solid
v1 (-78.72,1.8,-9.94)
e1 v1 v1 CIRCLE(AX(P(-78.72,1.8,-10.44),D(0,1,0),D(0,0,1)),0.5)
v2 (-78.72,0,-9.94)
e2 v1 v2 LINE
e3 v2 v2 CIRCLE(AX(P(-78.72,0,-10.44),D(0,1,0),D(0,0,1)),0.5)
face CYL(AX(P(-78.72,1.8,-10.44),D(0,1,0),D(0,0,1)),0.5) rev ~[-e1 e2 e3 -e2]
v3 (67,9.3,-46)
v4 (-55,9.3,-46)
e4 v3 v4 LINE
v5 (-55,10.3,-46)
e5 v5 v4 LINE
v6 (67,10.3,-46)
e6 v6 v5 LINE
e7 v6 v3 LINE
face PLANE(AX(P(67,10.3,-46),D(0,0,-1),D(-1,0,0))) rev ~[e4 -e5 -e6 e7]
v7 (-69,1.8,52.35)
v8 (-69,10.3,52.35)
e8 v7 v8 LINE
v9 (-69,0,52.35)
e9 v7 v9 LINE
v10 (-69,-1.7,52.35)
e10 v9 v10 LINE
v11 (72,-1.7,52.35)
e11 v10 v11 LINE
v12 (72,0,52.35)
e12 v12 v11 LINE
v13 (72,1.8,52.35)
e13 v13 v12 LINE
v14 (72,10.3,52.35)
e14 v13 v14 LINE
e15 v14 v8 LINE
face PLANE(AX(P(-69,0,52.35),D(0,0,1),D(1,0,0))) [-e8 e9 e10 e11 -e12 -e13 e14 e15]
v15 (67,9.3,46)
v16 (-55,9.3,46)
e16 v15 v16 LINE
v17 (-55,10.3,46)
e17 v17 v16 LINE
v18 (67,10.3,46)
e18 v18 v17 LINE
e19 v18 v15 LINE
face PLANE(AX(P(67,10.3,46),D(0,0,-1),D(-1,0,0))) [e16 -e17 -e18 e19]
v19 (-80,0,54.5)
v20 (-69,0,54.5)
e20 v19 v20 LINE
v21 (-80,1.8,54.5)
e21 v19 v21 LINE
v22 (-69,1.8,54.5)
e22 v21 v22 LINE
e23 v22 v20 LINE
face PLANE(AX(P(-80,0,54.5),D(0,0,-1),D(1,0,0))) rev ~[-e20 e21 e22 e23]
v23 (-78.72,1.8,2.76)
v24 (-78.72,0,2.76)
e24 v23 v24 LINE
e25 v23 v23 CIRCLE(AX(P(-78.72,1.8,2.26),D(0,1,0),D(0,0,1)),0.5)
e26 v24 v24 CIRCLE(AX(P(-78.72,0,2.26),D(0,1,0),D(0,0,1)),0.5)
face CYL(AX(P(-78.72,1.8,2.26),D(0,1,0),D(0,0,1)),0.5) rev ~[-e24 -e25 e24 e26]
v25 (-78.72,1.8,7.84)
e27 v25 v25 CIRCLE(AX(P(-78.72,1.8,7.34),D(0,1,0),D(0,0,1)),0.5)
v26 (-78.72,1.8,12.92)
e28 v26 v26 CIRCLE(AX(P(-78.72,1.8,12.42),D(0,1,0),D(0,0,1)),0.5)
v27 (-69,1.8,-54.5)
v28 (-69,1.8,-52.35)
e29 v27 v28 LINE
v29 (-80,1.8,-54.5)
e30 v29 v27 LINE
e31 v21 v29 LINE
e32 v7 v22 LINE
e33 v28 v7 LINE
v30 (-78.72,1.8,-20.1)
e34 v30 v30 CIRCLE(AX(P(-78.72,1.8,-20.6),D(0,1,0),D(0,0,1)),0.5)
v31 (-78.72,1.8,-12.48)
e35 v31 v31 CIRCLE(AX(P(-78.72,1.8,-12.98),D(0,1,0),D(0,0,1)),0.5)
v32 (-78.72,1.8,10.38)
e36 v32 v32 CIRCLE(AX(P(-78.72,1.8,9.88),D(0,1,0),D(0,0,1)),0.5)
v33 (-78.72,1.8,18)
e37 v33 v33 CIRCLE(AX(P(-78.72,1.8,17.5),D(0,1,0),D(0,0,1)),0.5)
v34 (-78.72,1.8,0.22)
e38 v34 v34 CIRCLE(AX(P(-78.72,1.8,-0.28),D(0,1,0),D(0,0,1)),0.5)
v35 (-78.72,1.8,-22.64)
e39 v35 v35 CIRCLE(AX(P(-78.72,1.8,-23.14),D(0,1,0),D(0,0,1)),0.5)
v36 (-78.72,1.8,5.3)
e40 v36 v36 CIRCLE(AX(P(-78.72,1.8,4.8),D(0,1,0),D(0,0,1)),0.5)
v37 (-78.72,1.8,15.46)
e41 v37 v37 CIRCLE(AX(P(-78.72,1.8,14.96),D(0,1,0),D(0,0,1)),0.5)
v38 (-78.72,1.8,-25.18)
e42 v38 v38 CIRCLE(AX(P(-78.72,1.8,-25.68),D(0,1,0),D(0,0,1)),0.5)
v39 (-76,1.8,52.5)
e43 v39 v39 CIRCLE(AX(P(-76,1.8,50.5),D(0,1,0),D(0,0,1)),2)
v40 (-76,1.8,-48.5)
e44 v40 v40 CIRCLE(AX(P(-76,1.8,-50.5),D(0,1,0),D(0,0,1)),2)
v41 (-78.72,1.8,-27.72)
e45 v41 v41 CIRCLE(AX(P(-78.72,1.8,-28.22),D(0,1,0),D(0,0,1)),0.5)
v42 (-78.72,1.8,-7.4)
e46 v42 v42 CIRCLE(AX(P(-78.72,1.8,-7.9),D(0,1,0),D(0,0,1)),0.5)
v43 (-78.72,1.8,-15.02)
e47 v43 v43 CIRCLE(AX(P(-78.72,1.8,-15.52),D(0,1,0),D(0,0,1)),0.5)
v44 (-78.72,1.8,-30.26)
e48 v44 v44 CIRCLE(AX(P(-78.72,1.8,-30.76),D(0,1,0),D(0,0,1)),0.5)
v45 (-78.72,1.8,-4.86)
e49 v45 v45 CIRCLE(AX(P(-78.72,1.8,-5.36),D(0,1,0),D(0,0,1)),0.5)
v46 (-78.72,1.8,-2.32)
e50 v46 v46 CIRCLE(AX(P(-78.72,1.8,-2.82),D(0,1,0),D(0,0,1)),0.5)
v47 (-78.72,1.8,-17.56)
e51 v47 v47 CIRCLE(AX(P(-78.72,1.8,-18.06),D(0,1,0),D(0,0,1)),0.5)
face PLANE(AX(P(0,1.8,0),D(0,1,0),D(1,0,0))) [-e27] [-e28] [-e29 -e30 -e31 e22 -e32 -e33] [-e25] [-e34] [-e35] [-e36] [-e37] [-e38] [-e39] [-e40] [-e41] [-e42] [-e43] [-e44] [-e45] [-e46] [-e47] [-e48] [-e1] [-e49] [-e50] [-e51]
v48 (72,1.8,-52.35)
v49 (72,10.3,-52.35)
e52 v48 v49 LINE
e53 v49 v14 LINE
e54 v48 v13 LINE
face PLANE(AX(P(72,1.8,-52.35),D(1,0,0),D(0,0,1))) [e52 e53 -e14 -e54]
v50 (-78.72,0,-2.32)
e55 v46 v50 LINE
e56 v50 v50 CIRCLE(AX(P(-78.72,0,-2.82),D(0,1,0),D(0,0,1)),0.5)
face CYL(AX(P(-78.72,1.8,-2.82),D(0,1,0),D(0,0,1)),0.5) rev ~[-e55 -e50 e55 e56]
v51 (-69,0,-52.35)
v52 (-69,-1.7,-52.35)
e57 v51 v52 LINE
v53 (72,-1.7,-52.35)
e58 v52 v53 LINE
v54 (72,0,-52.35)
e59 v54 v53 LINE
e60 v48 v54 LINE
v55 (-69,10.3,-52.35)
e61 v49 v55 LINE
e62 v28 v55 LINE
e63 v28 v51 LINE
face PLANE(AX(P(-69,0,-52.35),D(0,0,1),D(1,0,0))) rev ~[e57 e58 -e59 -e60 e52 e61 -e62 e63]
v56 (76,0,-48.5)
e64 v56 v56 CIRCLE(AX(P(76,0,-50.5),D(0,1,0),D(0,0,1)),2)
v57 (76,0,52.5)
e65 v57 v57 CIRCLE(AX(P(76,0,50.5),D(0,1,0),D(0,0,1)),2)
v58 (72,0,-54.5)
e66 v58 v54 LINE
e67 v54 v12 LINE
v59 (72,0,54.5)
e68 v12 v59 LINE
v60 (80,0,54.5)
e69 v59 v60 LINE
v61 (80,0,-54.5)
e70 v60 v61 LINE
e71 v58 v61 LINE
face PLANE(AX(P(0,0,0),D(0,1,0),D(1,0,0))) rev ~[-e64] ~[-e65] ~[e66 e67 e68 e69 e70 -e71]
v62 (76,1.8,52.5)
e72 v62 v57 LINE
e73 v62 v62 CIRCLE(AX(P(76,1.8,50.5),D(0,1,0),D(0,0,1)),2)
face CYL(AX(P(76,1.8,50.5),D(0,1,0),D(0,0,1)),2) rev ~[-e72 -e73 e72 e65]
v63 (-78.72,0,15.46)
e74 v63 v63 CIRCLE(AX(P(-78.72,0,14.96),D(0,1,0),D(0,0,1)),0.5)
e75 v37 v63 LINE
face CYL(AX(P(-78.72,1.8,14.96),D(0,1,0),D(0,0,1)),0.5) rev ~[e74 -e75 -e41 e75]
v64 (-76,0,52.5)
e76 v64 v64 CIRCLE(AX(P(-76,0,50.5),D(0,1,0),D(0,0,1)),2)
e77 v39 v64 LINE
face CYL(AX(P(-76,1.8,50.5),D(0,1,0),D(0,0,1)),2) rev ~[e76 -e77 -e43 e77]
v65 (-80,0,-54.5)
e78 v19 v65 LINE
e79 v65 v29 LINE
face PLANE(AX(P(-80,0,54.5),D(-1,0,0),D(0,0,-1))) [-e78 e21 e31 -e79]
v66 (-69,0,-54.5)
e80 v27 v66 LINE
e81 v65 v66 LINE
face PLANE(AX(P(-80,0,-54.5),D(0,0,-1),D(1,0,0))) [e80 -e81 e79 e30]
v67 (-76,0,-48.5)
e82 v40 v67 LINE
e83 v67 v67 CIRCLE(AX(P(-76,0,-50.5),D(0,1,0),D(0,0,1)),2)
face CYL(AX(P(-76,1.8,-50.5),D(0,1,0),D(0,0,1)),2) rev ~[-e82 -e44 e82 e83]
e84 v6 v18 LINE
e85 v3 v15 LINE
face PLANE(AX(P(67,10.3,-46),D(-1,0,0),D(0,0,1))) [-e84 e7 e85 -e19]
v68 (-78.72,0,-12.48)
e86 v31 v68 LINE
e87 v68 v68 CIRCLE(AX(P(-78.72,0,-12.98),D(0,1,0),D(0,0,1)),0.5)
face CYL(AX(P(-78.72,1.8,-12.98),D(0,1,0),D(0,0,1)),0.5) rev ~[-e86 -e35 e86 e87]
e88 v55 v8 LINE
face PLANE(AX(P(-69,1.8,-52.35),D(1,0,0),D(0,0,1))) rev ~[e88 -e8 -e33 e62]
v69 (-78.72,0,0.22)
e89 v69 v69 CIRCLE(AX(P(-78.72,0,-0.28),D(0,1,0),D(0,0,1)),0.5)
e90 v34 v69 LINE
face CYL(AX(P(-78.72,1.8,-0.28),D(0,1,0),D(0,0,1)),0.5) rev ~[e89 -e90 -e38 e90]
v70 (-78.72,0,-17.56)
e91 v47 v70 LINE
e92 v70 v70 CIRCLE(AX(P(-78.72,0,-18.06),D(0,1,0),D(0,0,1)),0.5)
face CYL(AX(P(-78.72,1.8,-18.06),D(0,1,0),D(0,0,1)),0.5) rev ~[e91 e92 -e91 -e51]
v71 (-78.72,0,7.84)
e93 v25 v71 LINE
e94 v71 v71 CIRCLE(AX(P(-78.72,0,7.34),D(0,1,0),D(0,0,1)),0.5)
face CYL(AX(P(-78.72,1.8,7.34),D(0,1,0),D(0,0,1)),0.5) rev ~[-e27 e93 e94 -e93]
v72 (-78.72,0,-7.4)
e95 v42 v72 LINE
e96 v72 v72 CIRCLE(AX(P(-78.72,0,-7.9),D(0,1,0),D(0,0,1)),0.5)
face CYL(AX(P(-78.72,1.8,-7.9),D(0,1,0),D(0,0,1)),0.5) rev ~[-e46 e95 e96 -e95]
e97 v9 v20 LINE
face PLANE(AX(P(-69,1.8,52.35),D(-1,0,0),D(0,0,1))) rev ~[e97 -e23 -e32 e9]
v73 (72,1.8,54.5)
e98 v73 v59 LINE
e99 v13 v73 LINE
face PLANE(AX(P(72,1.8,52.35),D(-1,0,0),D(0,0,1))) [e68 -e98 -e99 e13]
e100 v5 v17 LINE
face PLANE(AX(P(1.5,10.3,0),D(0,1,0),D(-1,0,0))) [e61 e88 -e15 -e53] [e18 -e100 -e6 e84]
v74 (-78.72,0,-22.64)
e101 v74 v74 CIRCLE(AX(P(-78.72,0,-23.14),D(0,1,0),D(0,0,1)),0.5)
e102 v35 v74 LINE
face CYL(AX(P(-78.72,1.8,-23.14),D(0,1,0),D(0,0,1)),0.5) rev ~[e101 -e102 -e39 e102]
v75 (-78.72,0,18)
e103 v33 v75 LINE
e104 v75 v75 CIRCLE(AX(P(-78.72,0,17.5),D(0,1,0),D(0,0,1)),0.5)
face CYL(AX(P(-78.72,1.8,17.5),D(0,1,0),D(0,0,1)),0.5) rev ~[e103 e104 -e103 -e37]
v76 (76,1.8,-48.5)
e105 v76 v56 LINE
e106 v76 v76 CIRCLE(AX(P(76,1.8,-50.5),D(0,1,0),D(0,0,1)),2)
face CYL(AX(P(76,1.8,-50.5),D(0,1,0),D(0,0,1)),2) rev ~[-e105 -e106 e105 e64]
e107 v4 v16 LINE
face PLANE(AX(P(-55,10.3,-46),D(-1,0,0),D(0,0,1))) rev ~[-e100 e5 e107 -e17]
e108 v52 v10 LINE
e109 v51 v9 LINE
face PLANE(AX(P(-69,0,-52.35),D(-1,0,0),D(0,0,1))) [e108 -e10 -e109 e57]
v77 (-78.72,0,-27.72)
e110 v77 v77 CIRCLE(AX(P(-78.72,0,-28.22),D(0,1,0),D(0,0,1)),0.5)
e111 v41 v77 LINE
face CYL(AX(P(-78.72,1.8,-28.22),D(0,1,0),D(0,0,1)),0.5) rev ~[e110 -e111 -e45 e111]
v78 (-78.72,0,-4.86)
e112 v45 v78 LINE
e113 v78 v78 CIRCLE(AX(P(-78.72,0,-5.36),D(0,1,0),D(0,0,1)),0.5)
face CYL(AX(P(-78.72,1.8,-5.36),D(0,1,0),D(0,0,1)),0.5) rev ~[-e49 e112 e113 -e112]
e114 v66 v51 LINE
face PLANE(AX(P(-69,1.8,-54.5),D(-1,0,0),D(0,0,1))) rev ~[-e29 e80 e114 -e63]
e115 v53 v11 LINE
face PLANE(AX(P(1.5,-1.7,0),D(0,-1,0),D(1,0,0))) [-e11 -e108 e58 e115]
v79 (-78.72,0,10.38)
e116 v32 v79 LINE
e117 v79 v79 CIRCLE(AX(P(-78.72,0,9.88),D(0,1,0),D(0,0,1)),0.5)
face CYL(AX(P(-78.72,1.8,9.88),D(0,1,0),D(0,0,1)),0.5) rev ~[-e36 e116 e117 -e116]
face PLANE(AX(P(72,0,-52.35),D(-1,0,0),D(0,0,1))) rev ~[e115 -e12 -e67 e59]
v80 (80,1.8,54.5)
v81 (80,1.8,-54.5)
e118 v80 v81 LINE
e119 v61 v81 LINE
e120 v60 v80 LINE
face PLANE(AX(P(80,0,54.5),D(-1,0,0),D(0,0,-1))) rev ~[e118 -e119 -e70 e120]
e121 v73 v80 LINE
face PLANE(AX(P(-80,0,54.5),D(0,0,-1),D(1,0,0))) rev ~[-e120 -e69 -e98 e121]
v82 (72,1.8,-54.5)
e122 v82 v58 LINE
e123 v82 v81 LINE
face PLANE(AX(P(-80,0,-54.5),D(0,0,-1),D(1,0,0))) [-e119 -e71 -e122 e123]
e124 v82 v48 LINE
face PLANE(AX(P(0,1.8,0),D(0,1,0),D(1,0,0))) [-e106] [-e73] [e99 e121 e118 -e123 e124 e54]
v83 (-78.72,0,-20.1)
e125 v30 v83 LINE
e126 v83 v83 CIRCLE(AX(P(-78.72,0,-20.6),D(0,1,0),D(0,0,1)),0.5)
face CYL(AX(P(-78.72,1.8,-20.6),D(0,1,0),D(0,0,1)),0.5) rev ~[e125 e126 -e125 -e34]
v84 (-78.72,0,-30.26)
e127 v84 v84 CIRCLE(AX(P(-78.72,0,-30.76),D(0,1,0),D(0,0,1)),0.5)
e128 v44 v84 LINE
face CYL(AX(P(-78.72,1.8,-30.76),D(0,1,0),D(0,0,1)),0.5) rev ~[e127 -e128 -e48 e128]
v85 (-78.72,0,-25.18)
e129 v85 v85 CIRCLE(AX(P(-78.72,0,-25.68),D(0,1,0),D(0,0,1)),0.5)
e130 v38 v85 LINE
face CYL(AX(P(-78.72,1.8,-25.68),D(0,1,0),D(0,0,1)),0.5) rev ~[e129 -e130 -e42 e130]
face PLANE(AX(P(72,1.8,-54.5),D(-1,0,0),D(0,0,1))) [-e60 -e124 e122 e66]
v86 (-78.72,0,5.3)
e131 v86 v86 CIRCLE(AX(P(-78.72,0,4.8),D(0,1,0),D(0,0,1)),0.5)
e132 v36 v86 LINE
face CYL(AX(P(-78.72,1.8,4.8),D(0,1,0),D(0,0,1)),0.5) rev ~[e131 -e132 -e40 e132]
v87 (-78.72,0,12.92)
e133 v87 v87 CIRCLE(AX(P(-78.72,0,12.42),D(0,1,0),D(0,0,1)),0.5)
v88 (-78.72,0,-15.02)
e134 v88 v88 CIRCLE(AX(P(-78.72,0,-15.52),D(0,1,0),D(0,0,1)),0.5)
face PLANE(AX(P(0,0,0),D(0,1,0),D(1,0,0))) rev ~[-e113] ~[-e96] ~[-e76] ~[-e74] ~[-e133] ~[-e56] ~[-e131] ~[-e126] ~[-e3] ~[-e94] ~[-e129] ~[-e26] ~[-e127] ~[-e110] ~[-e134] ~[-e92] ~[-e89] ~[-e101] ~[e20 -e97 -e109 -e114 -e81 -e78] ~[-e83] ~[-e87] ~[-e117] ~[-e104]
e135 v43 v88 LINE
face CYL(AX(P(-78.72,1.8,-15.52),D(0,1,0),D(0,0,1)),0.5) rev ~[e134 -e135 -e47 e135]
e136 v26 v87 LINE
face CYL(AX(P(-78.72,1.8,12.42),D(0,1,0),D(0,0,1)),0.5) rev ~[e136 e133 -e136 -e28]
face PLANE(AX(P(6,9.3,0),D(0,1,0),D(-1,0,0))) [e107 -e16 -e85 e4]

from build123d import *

# Parameters (mm, degrees)
SKETCH_1_W          = 160
SKETCH_1_H          = 109
EXTRUDE_1_DEPTH     = 1.8
SKETCH_2_R          = 2
CUT_EXTRUDE_1_DEPTH = 97.816785735
SKETCH_3_W          = 141
SKETCH_3_H          = 2.15
CUT_EXTRUDE_3_DEPTH = 97.816785735
SKETCH_4_W          = 141
SKETCH_4_H          = 104.7
EXTRUDE_2_DEPTH     = 8.5
SKETCH_5_W          = 122
SKETCH_5_H          = 92
CUT_EXTRUDE_4_DEPTH = 1
SKETCH_6_R          = 0.5
CUT_EXTRUDE_5_DEPTH = 98.172526982
SKETCH_7_W          = 141
SKETCH_7_H          = 104.7
EXTRUDE_3_DEPTH     = 1.7


with BuildPart() as part:
    # 草图1 → 拉伸1 (new body)
    with BuildSketch(Plane(origin=(0, 0, 0), x_dir=(1, 0, 0), z_dir=(0, 1, 0))):
        Rectangle(SKETCH_1_W, SKETCH_1_H)
    extrude(amount=EXTRUDE_1_DEPTH)

    # 草图2 → 切除-拉伸1 (cut, through all)
    with BuildSketch(Plane(origin=(0, 1.8, 0), x_dir=(-1, 0, 0), z_dir=(0, 1, 0))):
        with Locations(Location((-76, -50.5, 0), (0, 0, 90))):
            Circle(SKETCH_2_R)
        with Locations(Location((-76, 50.5, 0), (0, 0, 90))):
            Circle(SKETCH_2_R)
        with Locations(Location((76, 50.5, 0), (0, 0, 90))):
            Circle(SKETCH_2_R)
        with Locations(Location((76, -50.5, 0), (0, 0, 90))):
            Circle(SKETCH_2_R)
    extrude(amount=-CUT_EXTRUDE_1_DEPTH, mode=Mode.SUBTRACT)

    # 草图3 → 切除-拉伸3 (cut, through all)
    with BuildSketch(Plane(origin=(0, 1.8, 0), x_dir=(-1, 0, 0), z_dir=(0, 1, 0))):
        with Locations((-1.5, -53.425)):
            Rectangle(SKETCH_3_W, SKETCH_3_H)
        with Locations((-1.5, 53.425)):
            Rectangle(SKETCH_3_W, SKETCH_3_H)
    extrude(amount=-CUT_EXTRUDE_3_DEPTH, mode=Mode.SUBTRACT)

    # 草图4 → 拉伸2 (add)
    with BuildSketch(Plane(origin=(0, 1.8, 0), x_dir=(-1, 0, 0), z_dir=(0, 1, 0))):
        with Locations((-1.5, 0)):
            Rectangle(SKETCH_4_W, SKETCH_4_H)
    extrude(amount=EXTRUDE_2_DEPTH)

    # 草图5 → 切除-拉伸4 (cut)
    with BuildSketch(Plane(origin=(0, 10.3, 0), x_dir=(-1, 0, 0), z_dir=(0, 1, 0))):
        with Locations((-6, 0)):
            Rectangle(SKETCH_5_W, SKETCH_5_H)
    extrude(amount=-CUT_EXTRUDE_4_DEPTH, mode=Mode.SUBTRACT)

    # 草图6 → 切除-拉伸5 (cut, through all)
    with BuildSketch(Plane(origin=(0, 1.8, 0), x_dir=(-1, 0, 0), z_dir=(0, 1, 0))):
        with Locations(Location((78.72, 17.5, 0), (0, 0, 90))):
            Circle(SKETCH_6_R)
        with Locations(Location((78.72, 14.96, 0), (0, 0, 90))):
            Circle(SKETCH_6_R)
        with Locations(Location((78.72, 12.42, 0), (0, 0, 90))):
            Circle(SKETCH_6_R)
        with Locations(Location((78.72, 9.88, 0), (0, 0, 90))):
            Circle(SKETCH_6_R)
        with Locations(Location((78.72, 7.34, 0), (0, 0, 90))):
            Circle(SKETCH_6_R)
        with Locations(Location((78.72, 4.8, 0), (0, 0, 90))):
            Circle(SKETCH_6_R)
        with Locations(Location((78.72, 2.26, 0), (0, 0, 90))):
            Circle(SKETCH_6_R)
        with Locations(Location((78.72, -0.28, 0), (0, 0, 90))):
            Circle(SKETCH_6_R)
        with Locations(Location((78.72, -2.82, 0), (0, 0, 90))):
            Circle(SKETCH_6_R)
        with Locations(Location((78.72, -5.36, 0), (0, 0, 90))):
            Circle(SKETCH_6_R)
        with Locations(Location((78.72, -7.9, 0), (0, 0, 90))):
            Circle(SKETCH_6_R)
        with Locations(Location((78.72, -10.44, 0), (0, 0, 90))):
            Circle(SKETCH_6_R)
        with Locations(Location((78.72, -12.98, 0), (0, 0, 90))):
            Circle(SKETCH_6_R)
        with Locations(Location((78.72, -15.52, 0), (0, 0, 90))):
            Circle(SKETCH_6_R)
        with Locations(Location((78.72, -18.06, 0), (0, 0, 90))):
            Circle(SKETCH_6_R)
        with Locations(Location((78.72, -20.6, 0), (0, 0, 90))):
            Circle(SKETCH_6_R)
        with Locations(Location((78.72, -23.14, 0), (0, 0, 90))):
            Circle(SKETCH_6_R)
        with Locations(Location((78.72, -25.68, 0), (0, 0, 90))):
            Circle(SKETCH_6_R)
        with Locations(Location((78.72, -28.22, 0), (0, 0, 90))):
            Circle(SKETCH_6_R)
        with Locations(Location((78.72, -30.76, 0), (0, 0, 90))):
            Circle(SKETCH_6_R)
    extrude(amount=-CUT_EXTRUDE_5_DEPTH, mode=Mode.SUBTRACT)

    # 草图7 → 拉伸3 (add)
    with BuildSketch(Plane.XZ):
        with Locations((1.5, 0)):
            Rectangle(SKETCH_7_W, SKETCH_7_H)
    extrude(amount=EXTRUDE_3_DEPTH)


solid = part.part
